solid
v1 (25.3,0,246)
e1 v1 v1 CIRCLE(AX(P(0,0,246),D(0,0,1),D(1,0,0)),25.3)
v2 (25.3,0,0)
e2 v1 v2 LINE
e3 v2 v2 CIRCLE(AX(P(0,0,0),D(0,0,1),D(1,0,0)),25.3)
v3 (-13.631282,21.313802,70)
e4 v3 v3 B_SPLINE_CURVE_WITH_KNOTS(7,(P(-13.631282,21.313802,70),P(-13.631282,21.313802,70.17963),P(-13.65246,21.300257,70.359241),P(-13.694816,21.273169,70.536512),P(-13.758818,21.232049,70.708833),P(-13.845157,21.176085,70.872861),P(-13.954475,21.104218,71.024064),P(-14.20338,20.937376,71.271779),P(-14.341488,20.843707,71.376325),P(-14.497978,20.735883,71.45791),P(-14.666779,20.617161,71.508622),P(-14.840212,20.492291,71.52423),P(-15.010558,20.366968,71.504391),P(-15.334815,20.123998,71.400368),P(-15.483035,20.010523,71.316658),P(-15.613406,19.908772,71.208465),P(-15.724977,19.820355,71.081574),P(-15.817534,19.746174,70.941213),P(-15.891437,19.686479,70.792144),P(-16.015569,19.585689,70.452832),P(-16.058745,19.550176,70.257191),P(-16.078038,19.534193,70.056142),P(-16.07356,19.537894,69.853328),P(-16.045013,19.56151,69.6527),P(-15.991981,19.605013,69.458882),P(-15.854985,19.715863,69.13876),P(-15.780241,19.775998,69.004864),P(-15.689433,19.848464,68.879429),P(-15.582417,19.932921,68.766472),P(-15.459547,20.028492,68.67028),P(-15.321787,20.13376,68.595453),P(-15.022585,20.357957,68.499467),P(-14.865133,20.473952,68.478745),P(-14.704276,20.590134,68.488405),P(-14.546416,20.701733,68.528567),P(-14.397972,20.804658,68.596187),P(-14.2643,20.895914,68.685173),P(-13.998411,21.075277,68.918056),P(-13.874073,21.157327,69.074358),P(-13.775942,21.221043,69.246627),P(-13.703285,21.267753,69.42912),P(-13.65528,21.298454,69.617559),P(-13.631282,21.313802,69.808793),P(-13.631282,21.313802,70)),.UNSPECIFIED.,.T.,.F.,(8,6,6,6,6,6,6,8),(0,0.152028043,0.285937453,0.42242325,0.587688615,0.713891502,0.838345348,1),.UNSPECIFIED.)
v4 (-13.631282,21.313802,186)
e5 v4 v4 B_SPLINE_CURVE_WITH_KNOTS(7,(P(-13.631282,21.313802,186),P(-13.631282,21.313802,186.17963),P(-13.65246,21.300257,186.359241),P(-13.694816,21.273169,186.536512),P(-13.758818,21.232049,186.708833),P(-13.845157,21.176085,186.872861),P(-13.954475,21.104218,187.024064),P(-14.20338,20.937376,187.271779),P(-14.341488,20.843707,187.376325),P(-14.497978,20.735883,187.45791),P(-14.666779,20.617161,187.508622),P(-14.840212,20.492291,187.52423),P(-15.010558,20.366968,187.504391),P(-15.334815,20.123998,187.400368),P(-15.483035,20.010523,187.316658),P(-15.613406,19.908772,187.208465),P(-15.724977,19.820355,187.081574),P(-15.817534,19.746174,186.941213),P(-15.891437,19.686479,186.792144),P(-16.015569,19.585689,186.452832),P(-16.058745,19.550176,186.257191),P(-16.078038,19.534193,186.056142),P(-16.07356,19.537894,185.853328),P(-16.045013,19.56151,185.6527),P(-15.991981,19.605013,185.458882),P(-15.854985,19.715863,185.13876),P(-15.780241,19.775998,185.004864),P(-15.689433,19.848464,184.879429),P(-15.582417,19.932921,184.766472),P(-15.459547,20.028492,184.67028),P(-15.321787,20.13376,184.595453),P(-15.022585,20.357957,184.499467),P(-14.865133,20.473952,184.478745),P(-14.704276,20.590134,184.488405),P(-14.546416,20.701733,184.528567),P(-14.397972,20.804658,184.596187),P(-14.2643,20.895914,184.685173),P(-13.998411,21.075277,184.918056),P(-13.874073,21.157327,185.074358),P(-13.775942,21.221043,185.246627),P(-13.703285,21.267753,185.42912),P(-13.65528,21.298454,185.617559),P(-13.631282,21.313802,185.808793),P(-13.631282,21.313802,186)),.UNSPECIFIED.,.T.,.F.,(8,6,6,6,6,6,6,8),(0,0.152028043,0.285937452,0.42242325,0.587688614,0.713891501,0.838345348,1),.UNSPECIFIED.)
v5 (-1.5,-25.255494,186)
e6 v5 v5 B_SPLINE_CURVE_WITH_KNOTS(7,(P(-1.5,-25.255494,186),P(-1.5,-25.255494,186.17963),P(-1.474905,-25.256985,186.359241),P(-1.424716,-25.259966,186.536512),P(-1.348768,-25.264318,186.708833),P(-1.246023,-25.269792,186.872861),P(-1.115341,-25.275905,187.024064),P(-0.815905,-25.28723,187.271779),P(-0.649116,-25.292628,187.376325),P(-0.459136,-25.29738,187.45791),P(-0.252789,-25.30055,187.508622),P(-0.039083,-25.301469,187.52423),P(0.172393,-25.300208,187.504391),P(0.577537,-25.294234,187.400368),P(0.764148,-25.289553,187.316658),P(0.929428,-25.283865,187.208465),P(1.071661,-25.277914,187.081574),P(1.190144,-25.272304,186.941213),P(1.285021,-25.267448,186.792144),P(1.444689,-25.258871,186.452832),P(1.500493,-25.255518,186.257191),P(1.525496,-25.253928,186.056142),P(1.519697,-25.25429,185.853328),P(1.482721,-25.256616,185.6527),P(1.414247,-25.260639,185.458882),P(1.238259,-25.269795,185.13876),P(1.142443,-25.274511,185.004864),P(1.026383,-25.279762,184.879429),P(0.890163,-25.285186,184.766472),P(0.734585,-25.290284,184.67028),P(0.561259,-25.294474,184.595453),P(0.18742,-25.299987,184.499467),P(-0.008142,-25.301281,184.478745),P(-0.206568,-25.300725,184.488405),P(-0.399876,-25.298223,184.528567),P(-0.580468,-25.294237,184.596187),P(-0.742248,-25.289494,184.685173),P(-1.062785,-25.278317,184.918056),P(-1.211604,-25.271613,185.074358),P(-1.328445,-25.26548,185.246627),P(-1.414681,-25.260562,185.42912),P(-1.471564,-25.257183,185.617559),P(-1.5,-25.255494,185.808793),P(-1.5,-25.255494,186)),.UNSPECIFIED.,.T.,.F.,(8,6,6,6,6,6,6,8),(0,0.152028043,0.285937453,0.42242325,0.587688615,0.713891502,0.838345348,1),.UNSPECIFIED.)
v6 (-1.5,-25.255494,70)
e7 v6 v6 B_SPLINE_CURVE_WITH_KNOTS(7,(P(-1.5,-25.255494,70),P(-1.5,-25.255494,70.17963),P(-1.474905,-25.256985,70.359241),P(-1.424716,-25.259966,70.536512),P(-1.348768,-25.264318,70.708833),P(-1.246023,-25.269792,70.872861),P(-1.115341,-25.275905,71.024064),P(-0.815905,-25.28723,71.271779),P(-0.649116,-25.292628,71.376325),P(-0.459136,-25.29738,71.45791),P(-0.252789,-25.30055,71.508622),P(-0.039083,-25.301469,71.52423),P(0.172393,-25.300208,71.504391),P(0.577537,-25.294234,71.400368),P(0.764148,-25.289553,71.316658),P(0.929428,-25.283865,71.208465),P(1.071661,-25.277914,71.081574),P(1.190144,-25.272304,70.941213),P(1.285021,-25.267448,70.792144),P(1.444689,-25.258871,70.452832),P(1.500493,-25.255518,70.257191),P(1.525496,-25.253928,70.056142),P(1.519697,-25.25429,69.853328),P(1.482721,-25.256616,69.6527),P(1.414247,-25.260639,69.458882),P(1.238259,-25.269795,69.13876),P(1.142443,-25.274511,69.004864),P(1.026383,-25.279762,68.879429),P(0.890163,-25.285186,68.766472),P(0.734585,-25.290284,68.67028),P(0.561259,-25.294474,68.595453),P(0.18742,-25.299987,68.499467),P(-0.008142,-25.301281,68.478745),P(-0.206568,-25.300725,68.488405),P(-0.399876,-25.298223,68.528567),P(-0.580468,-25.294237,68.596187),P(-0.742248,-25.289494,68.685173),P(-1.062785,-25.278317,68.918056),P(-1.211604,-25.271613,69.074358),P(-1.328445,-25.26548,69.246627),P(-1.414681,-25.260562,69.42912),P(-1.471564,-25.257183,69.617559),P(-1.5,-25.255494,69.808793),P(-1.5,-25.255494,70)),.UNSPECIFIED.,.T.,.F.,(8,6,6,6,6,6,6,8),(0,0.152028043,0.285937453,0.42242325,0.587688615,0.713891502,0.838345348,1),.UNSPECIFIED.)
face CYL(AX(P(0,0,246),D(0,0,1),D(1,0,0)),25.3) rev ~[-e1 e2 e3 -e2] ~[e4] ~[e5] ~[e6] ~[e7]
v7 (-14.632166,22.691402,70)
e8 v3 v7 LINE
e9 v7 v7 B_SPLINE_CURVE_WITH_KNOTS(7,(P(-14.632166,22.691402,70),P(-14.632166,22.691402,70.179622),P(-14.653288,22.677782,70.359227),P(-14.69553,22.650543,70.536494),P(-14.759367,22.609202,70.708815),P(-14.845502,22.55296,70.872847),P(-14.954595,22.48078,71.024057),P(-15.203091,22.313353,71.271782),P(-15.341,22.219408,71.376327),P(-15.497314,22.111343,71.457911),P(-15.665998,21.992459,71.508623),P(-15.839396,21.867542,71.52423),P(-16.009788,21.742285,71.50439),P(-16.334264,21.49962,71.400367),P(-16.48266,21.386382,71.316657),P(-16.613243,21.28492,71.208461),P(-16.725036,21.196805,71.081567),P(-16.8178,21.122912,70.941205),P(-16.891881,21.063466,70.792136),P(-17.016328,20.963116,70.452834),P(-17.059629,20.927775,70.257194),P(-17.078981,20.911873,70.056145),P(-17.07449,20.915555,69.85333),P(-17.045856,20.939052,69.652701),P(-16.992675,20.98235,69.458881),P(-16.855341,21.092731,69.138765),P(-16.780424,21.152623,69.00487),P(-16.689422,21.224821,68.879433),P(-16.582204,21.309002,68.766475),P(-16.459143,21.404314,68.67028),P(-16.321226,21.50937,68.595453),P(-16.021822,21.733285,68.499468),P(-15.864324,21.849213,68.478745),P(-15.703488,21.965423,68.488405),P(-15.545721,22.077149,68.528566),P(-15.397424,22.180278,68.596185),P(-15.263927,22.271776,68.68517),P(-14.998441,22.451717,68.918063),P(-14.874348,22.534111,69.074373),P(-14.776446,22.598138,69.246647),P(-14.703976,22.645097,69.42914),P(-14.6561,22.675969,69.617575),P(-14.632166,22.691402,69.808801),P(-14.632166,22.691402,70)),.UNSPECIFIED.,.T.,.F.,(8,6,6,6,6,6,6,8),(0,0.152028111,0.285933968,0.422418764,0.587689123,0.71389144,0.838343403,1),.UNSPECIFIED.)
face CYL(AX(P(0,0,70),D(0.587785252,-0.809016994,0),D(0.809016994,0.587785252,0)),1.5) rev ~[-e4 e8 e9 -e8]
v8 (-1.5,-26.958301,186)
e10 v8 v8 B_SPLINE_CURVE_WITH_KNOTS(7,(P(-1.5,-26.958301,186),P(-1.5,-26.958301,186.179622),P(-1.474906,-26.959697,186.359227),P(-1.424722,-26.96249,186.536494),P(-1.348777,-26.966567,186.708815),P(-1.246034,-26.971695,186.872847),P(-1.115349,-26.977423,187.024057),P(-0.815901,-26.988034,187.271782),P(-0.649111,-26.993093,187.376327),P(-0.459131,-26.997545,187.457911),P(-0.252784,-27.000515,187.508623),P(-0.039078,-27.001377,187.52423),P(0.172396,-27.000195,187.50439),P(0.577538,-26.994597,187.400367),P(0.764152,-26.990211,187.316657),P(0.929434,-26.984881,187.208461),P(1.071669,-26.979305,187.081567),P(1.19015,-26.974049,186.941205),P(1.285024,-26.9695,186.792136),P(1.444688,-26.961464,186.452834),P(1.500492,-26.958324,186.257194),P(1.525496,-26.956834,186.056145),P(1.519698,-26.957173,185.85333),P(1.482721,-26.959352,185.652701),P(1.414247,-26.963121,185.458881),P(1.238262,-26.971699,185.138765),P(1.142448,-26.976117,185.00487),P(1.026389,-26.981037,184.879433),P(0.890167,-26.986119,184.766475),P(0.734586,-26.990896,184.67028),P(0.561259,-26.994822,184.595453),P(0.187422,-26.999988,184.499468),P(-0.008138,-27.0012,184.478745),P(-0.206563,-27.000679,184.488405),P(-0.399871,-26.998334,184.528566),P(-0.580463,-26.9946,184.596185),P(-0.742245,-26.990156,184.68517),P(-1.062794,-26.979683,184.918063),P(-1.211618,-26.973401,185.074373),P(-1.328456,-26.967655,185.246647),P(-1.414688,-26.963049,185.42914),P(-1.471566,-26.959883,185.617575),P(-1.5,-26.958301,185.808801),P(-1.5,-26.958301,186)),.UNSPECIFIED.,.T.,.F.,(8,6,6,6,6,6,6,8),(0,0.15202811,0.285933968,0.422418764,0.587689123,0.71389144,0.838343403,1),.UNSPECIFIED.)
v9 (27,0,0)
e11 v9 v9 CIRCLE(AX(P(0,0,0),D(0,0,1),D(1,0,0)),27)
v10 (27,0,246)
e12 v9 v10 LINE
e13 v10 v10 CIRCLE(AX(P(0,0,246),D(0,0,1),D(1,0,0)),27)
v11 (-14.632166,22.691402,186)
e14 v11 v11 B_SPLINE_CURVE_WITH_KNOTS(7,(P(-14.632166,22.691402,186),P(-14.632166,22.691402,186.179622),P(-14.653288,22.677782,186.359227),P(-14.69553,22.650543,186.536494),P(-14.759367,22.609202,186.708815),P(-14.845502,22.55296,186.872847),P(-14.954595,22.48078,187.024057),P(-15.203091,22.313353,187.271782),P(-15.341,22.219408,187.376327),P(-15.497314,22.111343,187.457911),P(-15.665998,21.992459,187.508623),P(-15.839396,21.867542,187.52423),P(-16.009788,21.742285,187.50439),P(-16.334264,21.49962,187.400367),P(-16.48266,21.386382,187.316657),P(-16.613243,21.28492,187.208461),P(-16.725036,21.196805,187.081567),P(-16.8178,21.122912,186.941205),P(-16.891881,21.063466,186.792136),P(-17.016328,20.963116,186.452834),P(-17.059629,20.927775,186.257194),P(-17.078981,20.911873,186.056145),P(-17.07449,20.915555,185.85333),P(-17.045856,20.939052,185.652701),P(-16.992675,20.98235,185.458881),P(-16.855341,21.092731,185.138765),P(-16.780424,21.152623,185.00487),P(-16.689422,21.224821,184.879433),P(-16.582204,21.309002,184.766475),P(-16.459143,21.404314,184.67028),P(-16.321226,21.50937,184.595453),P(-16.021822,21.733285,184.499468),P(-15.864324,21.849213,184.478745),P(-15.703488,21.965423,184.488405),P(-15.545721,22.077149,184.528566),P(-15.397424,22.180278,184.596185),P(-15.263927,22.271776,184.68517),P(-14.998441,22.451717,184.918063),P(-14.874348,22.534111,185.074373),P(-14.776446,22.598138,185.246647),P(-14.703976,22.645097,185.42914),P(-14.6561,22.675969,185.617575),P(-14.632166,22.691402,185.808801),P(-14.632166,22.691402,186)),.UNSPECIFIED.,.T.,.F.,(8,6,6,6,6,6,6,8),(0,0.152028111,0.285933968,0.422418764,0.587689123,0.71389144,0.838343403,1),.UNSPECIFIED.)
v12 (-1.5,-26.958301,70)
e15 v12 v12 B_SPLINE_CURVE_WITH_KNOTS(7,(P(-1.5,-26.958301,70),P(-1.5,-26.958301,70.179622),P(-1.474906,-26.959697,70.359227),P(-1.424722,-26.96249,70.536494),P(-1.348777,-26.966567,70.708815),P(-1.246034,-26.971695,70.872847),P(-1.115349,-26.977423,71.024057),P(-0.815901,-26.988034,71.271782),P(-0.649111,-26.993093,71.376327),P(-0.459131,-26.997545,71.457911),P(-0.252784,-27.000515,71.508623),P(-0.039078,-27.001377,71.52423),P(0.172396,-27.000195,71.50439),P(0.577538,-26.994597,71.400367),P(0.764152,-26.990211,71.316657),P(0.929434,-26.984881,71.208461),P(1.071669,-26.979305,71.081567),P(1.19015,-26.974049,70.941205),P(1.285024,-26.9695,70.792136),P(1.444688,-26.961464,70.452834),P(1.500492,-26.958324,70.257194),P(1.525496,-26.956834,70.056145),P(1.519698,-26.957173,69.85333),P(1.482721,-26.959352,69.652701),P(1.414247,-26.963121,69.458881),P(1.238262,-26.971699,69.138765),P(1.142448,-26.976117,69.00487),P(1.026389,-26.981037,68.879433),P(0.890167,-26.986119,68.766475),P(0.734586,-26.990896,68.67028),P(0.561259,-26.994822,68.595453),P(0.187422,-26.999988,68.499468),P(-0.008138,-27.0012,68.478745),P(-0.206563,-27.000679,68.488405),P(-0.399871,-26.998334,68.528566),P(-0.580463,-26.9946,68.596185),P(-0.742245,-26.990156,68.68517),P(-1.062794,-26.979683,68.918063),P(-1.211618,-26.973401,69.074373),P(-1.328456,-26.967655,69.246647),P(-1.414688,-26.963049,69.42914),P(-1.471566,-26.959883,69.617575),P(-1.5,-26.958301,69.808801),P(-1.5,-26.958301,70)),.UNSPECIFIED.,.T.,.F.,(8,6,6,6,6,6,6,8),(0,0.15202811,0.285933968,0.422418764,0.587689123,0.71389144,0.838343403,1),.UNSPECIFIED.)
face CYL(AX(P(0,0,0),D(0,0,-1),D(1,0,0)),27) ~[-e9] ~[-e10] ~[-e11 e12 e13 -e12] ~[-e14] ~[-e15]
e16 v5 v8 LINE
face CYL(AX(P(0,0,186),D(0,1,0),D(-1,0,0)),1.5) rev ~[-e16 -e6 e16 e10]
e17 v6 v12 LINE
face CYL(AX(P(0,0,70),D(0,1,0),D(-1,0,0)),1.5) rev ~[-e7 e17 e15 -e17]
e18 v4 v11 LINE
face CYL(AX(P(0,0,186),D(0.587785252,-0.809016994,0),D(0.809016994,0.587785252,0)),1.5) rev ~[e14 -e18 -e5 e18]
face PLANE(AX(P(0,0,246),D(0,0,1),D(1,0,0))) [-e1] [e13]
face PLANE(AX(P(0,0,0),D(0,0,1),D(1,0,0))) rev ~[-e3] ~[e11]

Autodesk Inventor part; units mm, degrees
ref_plane "YZ Plane" through (0, 0, 0) normal (1, 0, 0) x (0, 1, 0)
ref_plane "XZ Plane" through (0, 0, 0) normal (0, 1, 0) x (-1, 0, 0)
ref_plane "XY Plane" through (0, 0, 0) normal (0, 0, 1) x (1, 0, 0)
sketch "Sketch1" plane through (0, 0, 0) normal (0, 0, 1) x (1, 0, 0)
  circle A0 centre (0, 0) radius 27
  dimension "d0" = 54
extrude "Extrusion1" add sketch "Sketch1" along normal blind 246
sketch "Sketch2" plane through (0, 0, 246) normal (0, 0, 1) x (1, 0, 0)
  circle A0 centre (0, 0) radius 25.3
  dimension "d3" = 50.6
extrude "Extrusion2" cut sketch "Sketch2" against normal through all
sketch "Sketch3" plane through (0, 0, 0) normal (0, 1, 0) x (-1, 0, 0)
  line L0 (0, 0) -> (0, 246)
  line L1 (0, 246) -> (0, 186)
  line L2 (0, 0) -> (0, 70)
  circle A0 centre (0, 186) radius 1.5
  circle A1 centre (0, 70) radius 1.5
  dimension "d6" = 60
  dimension "d7" = 246
  dimension "d8" = 70
  dimension "d9" = 3
extrude "Extrusion3" cut sketch "Sketch3" against normal through all
pattern_circular "Circular Pattern2" count 2 over 144 about axis through (0, 0, -10) along (0, 0, -1) of "Extrusion3"
properties part number "2207_Cu Tube_V1"
